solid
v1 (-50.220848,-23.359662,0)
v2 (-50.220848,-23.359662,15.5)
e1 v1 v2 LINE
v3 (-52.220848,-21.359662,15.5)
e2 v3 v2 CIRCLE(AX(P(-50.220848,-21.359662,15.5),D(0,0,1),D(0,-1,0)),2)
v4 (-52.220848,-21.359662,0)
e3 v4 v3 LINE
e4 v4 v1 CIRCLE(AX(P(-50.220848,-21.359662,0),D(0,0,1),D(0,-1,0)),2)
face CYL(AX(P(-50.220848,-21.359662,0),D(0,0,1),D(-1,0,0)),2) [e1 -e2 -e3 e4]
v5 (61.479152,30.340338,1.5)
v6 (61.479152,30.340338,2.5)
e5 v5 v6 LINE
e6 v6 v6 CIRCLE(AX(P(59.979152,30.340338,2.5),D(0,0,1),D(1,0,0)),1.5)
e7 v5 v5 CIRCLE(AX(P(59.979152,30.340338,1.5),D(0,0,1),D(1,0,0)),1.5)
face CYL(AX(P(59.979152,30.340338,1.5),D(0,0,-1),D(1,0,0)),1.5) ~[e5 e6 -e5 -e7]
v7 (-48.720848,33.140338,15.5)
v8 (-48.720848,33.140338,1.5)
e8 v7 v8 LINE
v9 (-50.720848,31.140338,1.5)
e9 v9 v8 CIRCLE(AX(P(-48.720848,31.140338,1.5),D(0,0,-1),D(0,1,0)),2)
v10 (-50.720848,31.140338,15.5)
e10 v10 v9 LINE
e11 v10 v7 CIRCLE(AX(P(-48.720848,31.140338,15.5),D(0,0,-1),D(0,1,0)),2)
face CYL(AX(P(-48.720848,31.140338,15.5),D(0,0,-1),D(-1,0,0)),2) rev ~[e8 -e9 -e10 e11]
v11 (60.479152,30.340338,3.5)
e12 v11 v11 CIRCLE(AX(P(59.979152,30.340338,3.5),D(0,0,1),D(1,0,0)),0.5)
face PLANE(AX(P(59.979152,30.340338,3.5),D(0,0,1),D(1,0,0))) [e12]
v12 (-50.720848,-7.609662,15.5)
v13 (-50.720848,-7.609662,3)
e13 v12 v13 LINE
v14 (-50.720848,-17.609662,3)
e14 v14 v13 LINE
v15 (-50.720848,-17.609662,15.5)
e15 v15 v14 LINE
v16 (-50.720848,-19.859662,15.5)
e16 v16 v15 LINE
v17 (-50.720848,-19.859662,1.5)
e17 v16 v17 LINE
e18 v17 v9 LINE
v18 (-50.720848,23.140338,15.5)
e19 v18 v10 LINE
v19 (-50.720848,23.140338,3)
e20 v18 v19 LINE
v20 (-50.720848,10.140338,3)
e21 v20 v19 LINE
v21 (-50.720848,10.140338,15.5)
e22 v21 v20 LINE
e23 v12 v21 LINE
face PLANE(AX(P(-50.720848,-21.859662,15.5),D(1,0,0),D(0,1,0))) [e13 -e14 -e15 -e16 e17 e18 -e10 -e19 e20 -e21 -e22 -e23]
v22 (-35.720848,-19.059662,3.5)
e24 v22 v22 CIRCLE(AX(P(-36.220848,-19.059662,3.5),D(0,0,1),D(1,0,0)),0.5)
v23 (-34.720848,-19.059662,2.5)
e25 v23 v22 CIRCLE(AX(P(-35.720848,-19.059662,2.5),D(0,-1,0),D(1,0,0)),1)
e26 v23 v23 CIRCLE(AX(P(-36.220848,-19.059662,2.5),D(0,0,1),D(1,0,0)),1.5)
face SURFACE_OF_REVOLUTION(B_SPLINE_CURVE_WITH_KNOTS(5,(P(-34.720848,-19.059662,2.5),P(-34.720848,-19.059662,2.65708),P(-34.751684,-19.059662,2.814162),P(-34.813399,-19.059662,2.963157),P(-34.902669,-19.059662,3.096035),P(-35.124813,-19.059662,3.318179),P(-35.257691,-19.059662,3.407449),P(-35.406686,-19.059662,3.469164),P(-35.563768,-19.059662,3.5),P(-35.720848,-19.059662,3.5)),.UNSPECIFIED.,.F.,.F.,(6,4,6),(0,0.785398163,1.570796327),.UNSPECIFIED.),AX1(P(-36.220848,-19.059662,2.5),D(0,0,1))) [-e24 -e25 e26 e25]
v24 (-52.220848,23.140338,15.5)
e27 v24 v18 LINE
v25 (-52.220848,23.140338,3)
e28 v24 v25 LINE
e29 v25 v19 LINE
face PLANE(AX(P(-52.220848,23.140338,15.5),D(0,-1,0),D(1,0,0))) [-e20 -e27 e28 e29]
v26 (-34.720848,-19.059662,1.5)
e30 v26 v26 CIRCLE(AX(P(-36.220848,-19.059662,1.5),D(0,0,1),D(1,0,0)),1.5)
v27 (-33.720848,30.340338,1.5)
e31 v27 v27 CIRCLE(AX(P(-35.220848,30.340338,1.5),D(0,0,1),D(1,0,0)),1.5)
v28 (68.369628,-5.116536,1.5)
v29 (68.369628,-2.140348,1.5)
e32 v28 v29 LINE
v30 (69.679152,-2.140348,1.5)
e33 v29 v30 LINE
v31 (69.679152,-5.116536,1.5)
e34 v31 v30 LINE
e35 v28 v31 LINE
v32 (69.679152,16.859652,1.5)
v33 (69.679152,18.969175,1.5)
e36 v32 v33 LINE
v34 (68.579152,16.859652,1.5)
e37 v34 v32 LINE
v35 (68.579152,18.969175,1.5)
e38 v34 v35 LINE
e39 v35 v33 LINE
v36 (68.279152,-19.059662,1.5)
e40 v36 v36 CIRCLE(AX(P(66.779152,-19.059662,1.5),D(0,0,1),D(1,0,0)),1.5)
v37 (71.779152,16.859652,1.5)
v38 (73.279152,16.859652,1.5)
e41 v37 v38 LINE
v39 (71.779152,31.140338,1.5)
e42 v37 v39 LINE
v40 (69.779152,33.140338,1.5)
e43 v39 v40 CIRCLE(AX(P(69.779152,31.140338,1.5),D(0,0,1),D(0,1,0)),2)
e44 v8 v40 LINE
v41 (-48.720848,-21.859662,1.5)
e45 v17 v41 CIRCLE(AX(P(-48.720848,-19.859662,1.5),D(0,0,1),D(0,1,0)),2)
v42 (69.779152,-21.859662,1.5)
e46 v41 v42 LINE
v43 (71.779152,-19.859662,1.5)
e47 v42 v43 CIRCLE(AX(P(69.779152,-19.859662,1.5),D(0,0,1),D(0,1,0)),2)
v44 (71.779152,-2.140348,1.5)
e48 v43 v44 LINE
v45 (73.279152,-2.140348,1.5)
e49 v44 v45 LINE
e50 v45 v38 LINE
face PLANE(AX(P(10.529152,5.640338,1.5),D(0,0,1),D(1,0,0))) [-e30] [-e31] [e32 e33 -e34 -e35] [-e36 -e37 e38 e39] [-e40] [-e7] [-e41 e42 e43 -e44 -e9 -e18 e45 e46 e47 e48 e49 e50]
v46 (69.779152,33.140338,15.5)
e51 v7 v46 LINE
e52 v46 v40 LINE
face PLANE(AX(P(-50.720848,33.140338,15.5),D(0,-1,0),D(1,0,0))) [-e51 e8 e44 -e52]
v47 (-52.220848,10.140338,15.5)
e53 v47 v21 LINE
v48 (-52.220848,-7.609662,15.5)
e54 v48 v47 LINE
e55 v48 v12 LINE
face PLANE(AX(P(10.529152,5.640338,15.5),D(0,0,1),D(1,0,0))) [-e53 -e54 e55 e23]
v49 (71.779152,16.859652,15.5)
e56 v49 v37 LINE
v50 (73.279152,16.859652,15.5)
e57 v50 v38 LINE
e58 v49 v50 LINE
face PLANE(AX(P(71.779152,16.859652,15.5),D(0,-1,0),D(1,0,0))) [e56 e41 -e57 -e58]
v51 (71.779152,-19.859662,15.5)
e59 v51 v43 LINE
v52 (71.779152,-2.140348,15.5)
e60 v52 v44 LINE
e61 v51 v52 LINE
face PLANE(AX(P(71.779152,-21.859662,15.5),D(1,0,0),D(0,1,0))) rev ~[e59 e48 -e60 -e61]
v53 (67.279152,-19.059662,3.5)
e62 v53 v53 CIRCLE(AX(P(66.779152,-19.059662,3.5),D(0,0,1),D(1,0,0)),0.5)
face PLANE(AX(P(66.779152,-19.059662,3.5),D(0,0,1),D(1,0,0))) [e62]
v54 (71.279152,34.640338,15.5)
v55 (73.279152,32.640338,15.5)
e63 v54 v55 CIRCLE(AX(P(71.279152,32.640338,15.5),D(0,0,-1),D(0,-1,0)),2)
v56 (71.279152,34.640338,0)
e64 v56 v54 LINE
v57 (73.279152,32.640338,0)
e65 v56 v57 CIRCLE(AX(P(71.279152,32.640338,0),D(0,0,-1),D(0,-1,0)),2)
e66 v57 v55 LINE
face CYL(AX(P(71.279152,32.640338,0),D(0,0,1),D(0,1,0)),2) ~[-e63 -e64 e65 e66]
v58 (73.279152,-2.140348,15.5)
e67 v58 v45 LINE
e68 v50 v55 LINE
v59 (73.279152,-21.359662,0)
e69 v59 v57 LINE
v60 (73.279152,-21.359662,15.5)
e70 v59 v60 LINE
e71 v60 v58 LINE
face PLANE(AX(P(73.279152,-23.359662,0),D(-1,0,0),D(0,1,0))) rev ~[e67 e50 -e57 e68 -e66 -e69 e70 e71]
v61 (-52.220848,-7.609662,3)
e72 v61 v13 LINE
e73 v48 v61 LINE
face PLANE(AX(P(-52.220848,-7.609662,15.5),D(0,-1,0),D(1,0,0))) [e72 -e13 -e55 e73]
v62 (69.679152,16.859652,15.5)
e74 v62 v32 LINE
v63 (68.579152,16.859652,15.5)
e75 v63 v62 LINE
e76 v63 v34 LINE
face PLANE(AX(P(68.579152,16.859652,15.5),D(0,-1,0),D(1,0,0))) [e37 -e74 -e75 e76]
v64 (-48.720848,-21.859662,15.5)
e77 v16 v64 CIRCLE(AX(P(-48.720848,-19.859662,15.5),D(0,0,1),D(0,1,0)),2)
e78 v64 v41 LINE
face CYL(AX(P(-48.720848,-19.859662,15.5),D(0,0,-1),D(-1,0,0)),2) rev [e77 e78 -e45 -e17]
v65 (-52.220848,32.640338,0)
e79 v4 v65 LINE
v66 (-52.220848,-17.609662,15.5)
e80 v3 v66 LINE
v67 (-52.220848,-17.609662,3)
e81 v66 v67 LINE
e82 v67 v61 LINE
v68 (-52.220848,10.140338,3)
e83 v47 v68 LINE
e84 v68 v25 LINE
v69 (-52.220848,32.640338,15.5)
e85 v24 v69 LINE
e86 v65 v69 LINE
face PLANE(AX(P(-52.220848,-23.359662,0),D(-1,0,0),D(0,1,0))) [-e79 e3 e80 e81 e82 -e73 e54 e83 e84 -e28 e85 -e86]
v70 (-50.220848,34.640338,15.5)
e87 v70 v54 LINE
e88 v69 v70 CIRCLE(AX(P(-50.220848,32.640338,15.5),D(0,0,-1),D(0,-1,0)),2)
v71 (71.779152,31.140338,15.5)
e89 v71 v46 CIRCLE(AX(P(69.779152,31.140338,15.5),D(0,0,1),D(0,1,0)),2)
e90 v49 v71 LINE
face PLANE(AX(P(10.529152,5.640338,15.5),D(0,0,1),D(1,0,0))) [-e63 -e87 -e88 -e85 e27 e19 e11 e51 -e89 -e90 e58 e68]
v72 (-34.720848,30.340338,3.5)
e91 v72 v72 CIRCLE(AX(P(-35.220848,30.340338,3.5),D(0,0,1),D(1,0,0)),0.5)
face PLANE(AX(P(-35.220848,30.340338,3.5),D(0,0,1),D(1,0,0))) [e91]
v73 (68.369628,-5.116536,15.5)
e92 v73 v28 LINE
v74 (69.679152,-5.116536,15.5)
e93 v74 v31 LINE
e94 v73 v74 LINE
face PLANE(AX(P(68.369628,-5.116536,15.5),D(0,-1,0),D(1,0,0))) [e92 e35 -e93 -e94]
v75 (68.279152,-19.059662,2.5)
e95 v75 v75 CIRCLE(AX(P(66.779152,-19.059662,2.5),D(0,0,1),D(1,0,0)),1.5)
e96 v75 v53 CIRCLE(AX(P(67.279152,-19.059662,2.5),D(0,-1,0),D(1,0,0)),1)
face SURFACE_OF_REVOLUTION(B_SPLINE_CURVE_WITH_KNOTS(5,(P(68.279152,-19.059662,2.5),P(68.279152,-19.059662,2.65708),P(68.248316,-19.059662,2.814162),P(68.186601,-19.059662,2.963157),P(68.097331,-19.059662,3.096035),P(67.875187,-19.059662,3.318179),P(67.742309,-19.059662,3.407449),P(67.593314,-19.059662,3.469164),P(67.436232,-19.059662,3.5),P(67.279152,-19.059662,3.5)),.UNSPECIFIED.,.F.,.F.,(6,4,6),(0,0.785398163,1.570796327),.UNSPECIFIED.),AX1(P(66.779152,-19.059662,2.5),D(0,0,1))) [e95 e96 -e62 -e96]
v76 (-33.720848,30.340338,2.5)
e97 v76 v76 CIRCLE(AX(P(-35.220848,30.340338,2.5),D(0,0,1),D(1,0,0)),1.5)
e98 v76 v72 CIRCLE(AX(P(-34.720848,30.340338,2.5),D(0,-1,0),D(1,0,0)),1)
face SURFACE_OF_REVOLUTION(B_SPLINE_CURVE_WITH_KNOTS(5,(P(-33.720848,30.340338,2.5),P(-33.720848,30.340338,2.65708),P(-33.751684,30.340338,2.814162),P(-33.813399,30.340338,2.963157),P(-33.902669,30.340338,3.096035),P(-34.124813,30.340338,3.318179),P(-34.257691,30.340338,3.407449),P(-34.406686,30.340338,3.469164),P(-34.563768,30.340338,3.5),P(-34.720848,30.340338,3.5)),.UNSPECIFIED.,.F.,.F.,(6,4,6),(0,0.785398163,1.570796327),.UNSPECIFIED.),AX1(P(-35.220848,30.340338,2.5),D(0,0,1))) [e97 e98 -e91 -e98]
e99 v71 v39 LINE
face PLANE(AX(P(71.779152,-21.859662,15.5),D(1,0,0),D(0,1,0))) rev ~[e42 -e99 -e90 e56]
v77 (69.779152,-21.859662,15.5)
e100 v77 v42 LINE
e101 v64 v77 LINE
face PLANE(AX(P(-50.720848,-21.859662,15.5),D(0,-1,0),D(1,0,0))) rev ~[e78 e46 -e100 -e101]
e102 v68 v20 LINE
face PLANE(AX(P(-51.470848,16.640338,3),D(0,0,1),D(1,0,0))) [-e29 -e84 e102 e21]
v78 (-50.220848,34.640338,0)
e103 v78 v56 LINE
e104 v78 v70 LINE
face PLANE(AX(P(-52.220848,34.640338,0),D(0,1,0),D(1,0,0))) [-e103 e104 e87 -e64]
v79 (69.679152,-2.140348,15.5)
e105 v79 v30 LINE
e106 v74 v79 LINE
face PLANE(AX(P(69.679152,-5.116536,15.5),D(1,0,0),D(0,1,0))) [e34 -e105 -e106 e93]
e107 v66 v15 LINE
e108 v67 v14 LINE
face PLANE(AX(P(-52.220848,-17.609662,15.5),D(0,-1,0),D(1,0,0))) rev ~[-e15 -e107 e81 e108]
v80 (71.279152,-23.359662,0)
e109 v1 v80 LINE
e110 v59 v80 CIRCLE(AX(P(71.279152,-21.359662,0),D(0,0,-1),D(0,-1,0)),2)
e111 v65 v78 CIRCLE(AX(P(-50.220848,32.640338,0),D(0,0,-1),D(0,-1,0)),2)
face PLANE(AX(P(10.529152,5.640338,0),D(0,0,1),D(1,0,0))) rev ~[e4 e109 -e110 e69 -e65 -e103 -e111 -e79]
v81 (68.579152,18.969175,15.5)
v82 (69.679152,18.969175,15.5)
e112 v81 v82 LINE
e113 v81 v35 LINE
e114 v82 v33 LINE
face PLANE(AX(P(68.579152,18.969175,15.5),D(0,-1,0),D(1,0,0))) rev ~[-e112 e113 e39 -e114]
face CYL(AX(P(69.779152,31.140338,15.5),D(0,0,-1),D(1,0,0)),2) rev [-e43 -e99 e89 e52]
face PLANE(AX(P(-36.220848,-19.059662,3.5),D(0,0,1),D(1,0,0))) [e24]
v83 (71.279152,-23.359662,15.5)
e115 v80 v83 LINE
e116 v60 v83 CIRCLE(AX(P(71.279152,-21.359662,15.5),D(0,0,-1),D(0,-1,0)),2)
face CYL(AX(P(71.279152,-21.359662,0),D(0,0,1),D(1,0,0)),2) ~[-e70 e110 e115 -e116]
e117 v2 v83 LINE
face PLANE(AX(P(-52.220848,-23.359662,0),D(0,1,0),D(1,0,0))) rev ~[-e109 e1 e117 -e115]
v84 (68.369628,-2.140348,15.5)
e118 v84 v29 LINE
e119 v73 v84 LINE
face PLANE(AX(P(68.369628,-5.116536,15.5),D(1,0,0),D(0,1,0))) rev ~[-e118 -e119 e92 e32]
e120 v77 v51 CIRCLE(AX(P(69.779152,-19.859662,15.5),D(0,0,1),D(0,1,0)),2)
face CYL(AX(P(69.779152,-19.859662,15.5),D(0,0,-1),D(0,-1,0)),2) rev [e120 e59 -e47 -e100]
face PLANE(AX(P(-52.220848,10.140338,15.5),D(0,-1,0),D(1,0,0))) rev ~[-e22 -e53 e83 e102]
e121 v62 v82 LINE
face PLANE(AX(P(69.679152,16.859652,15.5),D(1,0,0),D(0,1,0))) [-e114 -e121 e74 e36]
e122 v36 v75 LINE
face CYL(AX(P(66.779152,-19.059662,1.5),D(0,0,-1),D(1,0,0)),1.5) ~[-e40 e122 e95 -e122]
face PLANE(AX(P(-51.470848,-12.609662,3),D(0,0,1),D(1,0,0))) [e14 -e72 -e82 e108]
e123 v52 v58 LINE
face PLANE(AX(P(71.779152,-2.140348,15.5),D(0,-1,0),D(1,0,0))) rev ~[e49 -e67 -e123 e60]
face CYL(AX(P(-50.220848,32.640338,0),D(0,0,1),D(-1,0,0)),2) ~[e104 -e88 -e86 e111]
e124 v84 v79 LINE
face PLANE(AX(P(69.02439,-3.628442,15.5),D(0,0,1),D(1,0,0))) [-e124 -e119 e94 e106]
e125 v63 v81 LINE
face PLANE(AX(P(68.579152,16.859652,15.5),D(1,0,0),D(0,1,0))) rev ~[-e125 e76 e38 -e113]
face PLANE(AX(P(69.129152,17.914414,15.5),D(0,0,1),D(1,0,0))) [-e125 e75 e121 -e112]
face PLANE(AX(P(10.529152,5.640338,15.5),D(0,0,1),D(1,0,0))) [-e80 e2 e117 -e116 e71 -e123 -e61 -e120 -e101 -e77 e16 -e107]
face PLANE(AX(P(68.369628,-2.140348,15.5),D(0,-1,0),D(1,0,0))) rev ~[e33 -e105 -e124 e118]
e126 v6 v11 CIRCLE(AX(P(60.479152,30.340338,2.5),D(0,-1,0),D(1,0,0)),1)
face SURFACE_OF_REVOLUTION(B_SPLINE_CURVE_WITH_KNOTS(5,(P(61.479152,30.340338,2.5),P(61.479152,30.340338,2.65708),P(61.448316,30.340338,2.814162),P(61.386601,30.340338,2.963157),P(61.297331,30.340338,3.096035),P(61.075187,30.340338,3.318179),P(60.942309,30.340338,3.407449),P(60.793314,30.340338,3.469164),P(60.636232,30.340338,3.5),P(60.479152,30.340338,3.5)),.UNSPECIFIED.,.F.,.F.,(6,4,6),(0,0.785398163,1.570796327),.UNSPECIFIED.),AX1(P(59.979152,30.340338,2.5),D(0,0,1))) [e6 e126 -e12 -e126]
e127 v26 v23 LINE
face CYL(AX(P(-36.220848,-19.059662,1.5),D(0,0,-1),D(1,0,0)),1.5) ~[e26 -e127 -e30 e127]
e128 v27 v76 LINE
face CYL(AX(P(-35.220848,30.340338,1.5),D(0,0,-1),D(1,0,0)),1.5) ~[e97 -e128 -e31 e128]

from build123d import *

# Parameters (mm, degrees)
F0_W      = 125.5
F0_H      = 58
F1_DEPTH  = 15.5
F2_W      = 122.5
F2_H      = 55
F3_DEPTH  = 14
F4_W      = 1.5
F4_H      = 13
F4_H_2    = 10
F5_DEPTH  = 12.5
F6_R      = 1.5
F7_DEPTH  = 2
F8_R      = 1
F9_R      = 2
F10_R     = 2
F11_W     = 1.5
F11_H     = 19
F12_DEPTH = 14
F13_W     = 1.1
F13_H     = 2.109523
F13_W_2   = 1.309524
F13_H_2   = 2.976188
F14_DEPTH = 14


with BuildPart() as f1:
    # F0 (on Top) → F1 (new body)
    with BuildSketch(Plane.XY):
        with Locations((10.529152, 5.640338)):
            Rectangle(F0_W, F0_H)
    extrude(amount=F1_DEPTH)

    # F2 (on face) → F3 (cut)
    with BuildSketch(Plane.XY.offset(15.5)):
        with Locations((10.529152, 5.640338)):
            Rectangle(F2_W, F2_H)
    extrude(amount=-F3_DEPTH, mode=Mode.SUBTRACT)

    # F4 (on face) → F5 (cut)
    with BuildSketch(Plane.XY.offset(15.5)):
        with Locations((-51.470848, 16.640338)):
            Rectangle(F4_W, F4_H)
        with Locations((-51.470848, -12.609662)):
            Rectangle(F4_W, F4_H_2)
    extrude(amount=-F5_DEPTH, mode=Mode.SUBTRACT)

    # F6 (on face) → F7 (join)
    with BuildSketch(Plane.XY.offset(1.5)):
        with Locations((-35.220848, 30.340338)):
            Circle(F6_R)
        with Locations((59.979152, 30.340338)):
            Circle(F6_R)
        with Locations((66.779152, -19.059662)):
            Circle(F6_R)
        with Locations((-36.220848, -19.059662)):
            Circle(F6_R)
    extrude(amount=F7_DEPTH)

    # F8
    f8_edges = [f1.edges().sort_by_distance(p)[0] for p in [
        (-36.720848, 30.340338, 3.5),
        (58.479152, 30.340338, 3.5),
        (-37.720848, -19.059662, 3.5),
        (65.279152, -19.059662, 3.5),
    ]]
    fillet(f8_edges, radius=F8_R)

    # F9
    f9_edges = [f1.edges().sort_by_distance(p)[0] for p in [
        (-52.220848, 34.640338, 7.75),
        (-52.220848, -23.359662, 7.75),
        (73.279152, -23.359662, 7.75),
        (73.279152, 34.640338, 7.75),
    ]]
    fillet(f9_edges, radius=F9_R)

    # F10
    f10_edges = [f1.edges().sort_by_distance(p)[0] for p in [
        (-50.720848, 33.140338, 8.5),
        (71.779152, -21.859662, 8.5),
        (71.779152, 33.140338, 8.5),
        (-50.720848, -21.859662, 8.5),
    ]]
    fillet(f10_edges, radius=F10_R)

    # F11 (on face) → F12 (cut)
    with BuildSketch(Plane.XY.offset(15.5)):
        with Locations((72.529152, 7.359652)):
            Rectangle(F11_W, F11_H)
    extrude(amount=-F12_DEPTH, mode=Mode.SUBTRACT)

    # F13 (on face) → F14 (join)
    with BuildSketch(Plane.XY.offset(15.5)):
        with Locations((69.129152, 17.914414)):
            Rectangle(F13_W, F13_H)
        with Locations((69.02439, -3.628442)):
            Rectangle(F13_W_2, F13_H_2)
    extrude(amount=-F14_DEPTH)


solid = f1.part
